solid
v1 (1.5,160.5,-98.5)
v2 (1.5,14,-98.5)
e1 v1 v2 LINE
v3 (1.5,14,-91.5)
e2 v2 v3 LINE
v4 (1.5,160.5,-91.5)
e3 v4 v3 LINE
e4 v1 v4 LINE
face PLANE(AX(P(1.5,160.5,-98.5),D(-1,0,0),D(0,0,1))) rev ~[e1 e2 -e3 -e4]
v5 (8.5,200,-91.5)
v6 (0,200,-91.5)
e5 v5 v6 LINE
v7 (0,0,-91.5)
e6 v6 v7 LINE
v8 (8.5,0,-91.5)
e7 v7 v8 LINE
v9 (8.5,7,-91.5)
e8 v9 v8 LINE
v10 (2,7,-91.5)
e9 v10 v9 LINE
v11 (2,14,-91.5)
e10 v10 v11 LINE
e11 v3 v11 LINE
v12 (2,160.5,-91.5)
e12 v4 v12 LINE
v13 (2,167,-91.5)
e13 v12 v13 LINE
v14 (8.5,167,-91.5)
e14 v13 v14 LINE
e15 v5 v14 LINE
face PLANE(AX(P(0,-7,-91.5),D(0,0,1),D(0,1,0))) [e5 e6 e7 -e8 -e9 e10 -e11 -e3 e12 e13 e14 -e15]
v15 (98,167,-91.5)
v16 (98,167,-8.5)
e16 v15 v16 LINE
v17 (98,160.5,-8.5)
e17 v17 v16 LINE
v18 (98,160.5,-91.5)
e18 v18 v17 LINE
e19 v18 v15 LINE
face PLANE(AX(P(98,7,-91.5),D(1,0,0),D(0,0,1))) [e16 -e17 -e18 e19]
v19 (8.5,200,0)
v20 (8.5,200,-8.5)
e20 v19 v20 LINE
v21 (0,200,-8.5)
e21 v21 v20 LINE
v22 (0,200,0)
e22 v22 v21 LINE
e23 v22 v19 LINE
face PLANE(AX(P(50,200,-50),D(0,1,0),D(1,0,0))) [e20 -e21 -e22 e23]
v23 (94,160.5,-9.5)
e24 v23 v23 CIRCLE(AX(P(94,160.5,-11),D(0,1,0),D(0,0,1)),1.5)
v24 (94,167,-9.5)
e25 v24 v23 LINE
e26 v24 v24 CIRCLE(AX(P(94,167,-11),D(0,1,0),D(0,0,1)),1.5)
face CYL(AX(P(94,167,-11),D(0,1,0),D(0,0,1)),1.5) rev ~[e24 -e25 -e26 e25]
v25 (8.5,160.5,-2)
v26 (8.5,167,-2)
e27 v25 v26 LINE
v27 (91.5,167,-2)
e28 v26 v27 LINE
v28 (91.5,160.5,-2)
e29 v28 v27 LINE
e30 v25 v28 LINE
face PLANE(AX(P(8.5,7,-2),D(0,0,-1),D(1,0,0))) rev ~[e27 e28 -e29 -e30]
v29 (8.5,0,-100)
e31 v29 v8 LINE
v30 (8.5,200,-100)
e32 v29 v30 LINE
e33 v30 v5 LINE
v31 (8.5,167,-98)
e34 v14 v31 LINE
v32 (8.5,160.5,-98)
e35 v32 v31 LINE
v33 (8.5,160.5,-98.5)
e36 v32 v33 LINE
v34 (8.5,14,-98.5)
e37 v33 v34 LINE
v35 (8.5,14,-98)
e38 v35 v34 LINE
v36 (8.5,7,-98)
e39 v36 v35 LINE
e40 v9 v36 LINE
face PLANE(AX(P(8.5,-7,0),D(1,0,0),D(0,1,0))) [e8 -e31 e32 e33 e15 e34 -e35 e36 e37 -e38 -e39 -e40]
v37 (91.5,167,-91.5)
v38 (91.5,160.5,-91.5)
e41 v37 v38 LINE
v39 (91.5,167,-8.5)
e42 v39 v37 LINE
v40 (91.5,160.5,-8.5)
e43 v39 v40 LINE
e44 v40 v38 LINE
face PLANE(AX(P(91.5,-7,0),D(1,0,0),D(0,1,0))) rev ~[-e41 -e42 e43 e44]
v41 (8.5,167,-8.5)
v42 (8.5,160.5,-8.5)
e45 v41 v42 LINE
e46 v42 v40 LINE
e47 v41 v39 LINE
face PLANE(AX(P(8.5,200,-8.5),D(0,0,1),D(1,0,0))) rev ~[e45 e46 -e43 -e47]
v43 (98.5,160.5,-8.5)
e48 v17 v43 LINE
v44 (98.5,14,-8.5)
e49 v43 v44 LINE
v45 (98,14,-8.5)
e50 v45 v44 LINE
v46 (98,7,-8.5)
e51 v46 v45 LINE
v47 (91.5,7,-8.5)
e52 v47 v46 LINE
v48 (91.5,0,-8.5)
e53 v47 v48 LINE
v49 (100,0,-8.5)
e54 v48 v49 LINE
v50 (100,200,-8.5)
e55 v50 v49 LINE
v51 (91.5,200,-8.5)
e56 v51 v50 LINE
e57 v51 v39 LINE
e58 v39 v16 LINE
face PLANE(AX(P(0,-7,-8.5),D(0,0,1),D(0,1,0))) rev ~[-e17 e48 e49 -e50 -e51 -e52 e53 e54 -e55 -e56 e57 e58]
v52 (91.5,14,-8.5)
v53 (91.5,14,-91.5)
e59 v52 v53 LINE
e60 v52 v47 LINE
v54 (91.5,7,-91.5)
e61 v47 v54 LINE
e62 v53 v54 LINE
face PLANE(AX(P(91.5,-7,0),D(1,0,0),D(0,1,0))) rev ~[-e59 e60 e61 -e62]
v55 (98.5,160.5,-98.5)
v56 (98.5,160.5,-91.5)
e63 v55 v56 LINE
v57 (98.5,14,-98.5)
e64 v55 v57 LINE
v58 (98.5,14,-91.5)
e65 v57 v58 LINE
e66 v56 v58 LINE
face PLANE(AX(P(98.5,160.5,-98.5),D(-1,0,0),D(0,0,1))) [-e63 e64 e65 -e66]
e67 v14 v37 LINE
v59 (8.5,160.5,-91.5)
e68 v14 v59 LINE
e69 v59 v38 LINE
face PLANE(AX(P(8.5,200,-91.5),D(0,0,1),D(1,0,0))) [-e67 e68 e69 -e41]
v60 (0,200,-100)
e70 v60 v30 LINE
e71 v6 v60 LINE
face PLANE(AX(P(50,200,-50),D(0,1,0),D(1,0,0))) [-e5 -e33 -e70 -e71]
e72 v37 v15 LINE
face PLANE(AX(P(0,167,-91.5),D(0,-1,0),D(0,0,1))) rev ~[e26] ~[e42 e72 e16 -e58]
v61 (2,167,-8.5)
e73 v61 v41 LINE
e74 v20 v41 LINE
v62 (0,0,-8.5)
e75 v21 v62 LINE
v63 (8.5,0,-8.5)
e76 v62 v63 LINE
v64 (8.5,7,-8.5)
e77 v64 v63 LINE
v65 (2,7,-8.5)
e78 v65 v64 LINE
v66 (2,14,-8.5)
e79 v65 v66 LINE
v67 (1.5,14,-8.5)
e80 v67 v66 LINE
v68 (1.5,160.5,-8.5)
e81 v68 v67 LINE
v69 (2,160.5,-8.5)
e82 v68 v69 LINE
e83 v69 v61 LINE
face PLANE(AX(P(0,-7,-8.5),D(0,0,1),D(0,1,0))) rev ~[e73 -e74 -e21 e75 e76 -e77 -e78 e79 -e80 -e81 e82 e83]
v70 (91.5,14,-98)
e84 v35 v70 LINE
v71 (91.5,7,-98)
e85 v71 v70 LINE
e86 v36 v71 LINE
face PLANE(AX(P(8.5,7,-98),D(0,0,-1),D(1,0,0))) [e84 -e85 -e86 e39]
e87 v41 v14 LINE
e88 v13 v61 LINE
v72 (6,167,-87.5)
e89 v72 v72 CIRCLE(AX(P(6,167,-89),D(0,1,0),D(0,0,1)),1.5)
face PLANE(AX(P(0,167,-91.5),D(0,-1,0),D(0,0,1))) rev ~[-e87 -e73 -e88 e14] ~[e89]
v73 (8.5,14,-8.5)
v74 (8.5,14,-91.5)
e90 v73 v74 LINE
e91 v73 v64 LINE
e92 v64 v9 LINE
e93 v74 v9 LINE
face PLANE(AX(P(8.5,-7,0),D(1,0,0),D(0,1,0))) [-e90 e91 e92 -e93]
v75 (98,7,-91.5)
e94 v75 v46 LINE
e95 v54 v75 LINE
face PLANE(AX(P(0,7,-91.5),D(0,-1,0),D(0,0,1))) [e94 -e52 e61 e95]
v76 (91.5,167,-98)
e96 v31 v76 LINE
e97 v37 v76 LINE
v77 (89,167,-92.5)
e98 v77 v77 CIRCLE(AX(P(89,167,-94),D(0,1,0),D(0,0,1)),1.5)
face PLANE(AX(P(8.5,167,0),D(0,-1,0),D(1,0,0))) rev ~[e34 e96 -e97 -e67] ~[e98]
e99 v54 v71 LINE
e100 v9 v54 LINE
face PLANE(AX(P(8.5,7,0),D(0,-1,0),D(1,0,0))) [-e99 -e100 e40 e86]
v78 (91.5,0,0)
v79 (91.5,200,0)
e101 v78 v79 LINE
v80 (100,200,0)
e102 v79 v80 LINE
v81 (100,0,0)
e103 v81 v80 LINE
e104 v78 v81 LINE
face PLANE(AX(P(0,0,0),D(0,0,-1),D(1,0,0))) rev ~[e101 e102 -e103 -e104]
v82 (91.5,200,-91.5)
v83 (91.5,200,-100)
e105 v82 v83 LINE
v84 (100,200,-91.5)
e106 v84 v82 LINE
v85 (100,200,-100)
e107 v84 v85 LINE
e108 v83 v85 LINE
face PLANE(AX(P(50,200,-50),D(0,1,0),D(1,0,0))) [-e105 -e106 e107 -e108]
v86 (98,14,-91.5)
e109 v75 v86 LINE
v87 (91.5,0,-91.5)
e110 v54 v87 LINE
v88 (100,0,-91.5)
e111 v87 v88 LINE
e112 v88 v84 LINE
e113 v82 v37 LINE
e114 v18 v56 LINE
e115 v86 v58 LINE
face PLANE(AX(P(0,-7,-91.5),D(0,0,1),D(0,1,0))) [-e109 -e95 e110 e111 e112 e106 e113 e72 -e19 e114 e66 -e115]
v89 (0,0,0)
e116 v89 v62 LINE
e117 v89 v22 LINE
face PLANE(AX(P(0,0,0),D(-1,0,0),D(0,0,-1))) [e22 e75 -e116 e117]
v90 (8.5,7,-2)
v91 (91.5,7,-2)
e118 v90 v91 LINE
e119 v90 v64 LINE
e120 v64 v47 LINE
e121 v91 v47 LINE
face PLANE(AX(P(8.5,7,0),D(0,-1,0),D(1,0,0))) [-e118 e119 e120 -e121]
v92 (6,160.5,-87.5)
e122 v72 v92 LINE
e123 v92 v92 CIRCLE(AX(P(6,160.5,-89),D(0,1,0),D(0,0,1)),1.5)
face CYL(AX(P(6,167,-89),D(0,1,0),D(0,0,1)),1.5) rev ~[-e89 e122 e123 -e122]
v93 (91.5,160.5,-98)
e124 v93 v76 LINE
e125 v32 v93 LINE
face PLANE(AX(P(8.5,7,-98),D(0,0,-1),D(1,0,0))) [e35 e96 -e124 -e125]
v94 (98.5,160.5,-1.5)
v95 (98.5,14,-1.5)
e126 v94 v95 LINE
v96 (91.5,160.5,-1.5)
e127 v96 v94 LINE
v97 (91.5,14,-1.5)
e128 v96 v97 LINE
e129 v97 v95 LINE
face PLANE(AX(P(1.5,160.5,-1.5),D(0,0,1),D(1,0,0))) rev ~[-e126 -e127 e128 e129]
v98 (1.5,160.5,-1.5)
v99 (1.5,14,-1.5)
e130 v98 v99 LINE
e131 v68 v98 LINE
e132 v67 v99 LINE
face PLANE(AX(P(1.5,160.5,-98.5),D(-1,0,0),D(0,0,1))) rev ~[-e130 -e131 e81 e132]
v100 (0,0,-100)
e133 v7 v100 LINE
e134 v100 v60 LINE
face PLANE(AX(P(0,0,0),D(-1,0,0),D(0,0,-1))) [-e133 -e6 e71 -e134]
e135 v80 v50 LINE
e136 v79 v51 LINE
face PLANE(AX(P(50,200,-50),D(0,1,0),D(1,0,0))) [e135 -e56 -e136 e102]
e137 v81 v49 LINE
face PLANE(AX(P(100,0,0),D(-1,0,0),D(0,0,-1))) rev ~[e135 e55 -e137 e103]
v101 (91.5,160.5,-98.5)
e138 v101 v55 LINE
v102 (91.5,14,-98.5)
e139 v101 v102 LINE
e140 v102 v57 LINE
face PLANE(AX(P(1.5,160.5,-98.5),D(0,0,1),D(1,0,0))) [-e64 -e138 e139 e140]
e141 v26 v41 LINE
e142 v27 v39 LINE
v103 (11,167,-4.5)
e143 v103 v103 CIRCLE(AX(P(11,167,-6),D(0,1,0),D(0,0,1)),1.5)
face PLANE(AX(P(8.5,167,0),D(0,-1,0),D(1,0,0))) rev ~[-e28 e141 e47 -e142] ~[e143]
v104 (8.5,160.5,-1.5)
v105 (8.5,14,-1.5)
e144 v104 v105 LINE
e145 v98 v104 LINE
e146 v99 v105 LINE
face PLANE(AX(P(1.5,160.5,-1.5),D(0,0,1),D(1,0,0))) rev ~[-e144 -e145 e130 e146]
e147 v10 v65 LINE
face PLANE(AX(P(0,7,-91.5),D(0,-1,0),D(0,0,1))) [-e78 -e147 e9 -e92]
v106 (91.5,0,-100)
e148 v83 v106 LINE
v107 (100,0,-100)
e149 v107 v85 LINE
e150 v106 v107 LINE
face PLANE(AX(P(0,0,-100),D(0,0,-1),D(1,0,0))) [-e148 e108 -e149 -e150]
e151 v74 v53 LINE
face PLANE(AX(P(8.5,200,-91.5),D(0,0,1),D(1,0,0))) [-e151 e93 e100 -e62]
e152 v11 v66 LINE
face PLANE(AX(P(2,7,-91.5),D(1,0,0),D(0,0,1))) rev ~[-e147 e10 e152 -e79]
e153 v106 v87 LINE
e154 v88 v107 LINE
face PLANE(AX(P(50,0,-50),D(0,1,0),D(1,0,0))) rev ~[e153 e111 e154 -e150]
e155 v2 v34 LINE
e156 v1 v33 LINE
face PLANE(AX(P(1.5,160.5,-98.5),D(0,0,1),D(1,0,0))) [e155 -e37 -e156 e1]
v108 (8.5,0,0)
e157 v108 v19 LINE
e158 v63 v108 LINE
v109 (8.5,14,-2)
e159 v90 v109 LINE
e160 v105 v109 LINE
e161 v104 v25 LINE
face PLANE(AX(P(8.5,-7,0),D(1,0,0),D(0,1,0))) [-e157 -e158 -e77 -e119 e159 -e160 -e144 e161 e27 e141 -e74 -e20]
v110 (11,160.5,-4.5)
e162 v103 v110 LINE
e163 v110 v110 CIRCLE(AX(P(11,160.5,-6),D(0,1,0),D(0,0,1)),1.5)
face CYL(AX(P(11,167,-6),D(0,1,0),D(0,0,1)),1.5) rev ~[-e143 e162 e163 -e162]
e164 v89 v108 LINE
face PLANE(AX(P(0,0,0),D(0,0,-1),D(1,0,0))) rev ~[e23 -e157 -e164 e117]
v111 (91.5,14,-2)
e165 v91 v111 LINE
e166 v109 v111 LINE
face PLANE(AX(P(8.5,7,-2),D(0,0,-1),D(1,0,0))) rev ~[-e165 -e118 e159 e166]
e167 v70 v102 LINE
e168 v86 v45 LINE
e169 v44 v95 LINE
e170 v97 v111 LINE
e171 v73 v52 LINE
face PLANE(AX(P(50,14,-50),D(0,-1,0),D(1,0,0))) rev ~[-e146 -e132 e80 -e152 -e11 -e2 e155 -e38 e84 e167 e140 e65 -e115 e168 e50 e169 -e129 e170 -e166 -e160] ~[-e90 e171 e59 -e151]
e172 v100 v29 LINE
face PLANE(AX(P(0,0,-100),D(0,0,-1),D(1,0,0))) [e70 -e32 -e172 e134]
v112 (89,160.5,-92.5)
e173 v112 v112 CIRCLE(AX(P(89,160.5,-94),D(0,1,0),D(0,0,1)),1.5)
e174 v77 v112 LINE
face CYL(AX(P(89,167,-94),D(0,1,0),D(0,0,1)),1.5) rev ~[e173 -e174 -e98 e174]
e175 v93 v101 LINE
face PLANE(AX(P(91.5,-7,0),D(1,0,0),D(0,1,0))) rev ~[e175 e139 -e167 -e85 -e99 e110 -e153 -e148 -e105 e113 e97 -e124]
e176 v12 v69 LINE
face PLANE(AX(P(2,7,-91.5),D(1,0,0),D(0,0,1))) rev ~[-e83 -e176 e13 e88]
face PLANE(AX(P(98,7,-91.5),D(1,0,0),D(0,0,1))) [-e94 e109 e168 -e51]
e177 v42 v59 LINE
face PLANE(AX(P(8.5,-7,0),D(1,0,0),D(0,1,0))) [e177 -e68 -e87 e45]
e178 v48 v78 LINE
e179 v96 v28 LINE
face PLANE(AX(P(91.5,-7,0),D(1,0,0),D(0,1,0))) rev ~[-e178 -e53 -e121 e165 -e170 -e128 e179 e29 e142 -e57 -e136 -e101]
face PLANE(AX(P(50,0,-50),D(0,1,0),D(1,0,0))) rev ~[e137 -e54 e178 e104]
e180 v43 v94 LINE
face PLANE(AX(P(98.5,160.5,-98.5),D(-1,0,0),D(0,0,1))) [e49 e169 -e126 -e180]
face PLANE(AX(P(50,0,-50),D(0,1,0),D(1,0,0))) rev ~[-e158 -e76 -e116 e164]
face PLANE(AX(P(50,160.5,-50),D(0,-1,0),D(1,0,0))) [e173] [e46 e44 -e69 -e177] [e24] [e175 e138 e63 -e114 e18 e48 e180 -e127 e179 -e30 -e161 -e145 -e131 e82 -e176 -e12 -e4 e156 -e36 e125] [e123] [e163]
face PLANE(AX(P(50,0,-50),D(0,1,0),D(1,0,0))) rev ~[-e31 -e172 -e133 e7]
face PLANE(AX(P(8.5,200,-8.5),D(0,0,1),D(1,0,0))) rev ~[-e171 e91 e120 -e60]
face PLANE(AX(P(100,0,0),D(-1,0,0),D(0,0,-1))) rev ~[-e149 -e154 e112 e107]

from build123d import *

# Parameters (mm, degrees)
SKETCH1_W           = 100
SKETCH1_H           = 100
BOSS_EXTRUDE1_DEPTH = 200
SKETCH2_W           = 83
SKETCH2_H           = 83
CUT_EXTRUDE1_DEPTH  = 200
SKETCH3_W           = 83
SKETCH3_H           = 14
SKETCH3_H_2         = 146.5
SKETCH3_H_3         = 66
CUT_EXTRUDE2_DEPTH  = 200
SKETCH4_W           = 83
SKETCH4_H           = 14
SKETCH4_H_2         = 146.5
SKETCH4_H_3         = 66
CUT_EXTRUDE3_DEPTH  = 200
SKETCH5_W           = 83
SKETCH5_H           = 4
SKETCH5_W_2         = 4
SKETCH5_H_2         = 83
CUT_EXTRUDE4_DEPTH  = 200
SKETCH8_W           = 97
SKETCH8_H           = 97
CUT_EXTRUDE5_DEPTH  = 146.5
CUT_EXTRUDE6_REACH  = 220.836
SKETCH9_R           = 1.5


with BuildPart() as part:
    # Sketch1 → Boss-Extrude1 (new body)
    with BuildSketch(Plane(origin=(0, 0, 0), x_dir=(1, 0, 0), z_dir=(0, 1, 0))):
        with Locations((50, 50)):
            Rectangle(SKETCH1_W, SKETCH1_H)
    extrude(amount=BOSS_EXTRUDE1_DEPTH)

    # Sketch2 → Cut-Extrude1 (cut)
    with BuildSketch(Plane(origin=(0, 200, 0), x_dir=(1, 0, 0), z_dir=(0, 1, 0))):
        with Locations((50, 50)):
            Rectangle(SKETCH2_W, SKETCH2_H)
    extrude(amount=-CUT_EXTRUDE1_DEPTH, mode=Mode.SUBTRACT)

    # Sketch3 → Cut-Extrude2 (cut)
    with BuildSketch(Plane.XY):
        with Locations((50, 0)):
            Rectangle(SKETCH3_W, SKETCH3_H)
        with Locations((50, 87.25)):
            Rectangle(SKETCH3_W, SKETCH3_H_2)
        with Locations((50, 200)):
            Rectangle(SKETCH3_W, SKETCH3_H_3)
    extrude(amount=-CUT_EXTRUDE2_DEPTH, mode=Mode.SUBTRACT)

    # Sketch4 → Cut-Extrude3 (cut)
    with BuildSketch(Plane.ZY):
        with Locations((-50, 0)):
            Rectangle(SKETCH4_W, SKETCH4_H)
        with Locations((-50, 87.25)):
            Rectangle(SKETCH4_W, SKETCH4_H_2)
        with Locations((-50, 200)):
            Rectangle(SKETCH4_W, SKETCH4_H_3)
    extrude(amount=-CUT_EXTRUDE3_DEPTH, mode=Mode.SUBTRACT)

    # Sketch5 → Cut-Extrude4 (cut)
    with BuildSketch(Plane.XZ.offset(-7)):
        with Locations((50, 0)):
            Rectangle(SKETCH5_W, SKETCH5_H)
        with Locations((100, -50)):
            Rectangle(SKETCH5_W_2, SKETCH5_H_2)
        with Locations((50, -100)):
            Rectangle(SKETCH5_W, SKETCH5_H)
        with Locations((0, -50)):
            Rectangle(SKETCH5_W_2, SKETCH5_H_2)
    extrude(amount=-CUT_EXTRUDE4_DEPTH, mode=Mode.SUBTRACT)

    # Sketch8 → Cut-Extrude5 (cut)
    with BuildSketch(Plane.XZ.offset(-160.5)):
        with Locations((50, -50)):
            Rectangle(SKETCH8_W, SKETCH8_H)
    extrude(amount=CUT_EXTRUDE5_DEPTH, mode=Mode.SUBTRACT)

    # Sketch9 → Cut-Extrude6 (cut, up to next)
    with BuildSketch(Plane(origin=(0, 167, 0), x_dir=(1, 0, 0), z_dir=(0, 1, 0)), mode=Mode.PRIVATE) as cut_extrude6_sk1:
        with Locations(Location((6, 89, 0), (0, 0, 270))):
            Circle(SKETCH9_R)
    cut_extrude6_tool1 = extrude(cut_extrude6_sk1.sketch, amount=-CUT_EXTRUDE6_REACH, mode=Mode.PRIVATE) & part.part
    # Sketch9 → Cut-Extrude6 (cut, up to next)
    with BuildSketch(Plane(origin=(0, 167, 0), x_dir=(1, 0, 0), z_dir=(0, 1, 0)), mode=Mode.PRIVATE) as cut_extrude6_sk2:
        with Locations(Location((89, 94, 0), (0, 0, 270))):
            Circle(SKETCH9_R)
    cut_extrude6_tool2 = extrude(cut_extrude6_sk2.sketch, amount=-CUT_EXTRUDE6_REACH, mode=Mode.PRIVATE) & part.part
    # Sketch9 → Cut-Extrude6 (cut, up to next)
    with BuildSketch(Plane(origin=(0, 167, 0), x_dir=(1, 0, 0), z_dir=(0, 1, 0)), mode=Mode.PRIVATE) as cut_extrude6_sk3:
        with Locations(Location((94, 11, 0), (0, 0, 270))):
            Circle(SKETCH9_R)
    cut_extrude6_tool3 = extrude(cut_extrude6_sk3.sketch, amount=-CUT_EXTRUDE6_REACH, mode=Mode.PRIVATE) & part.part
    # Sketch9 → Cut-Extrude6 (cut, up to next)
    with BuildSketch(Plane(origin=(0, 167, 0), x_dir=(1, 0, 0), z_dir=(0, 1, 0)), mode=Mode.PRIVATE) as cut_extrude6_sk4:
        with Locations(Location((11, 6, 0), (0, 0, 270))):
            Circle(SKETCH9_R)
    cut_extrude6_tool4 = extrude(cut_extrude6_sk4.sketch, amount=-CUT_EXTRUDE6_REACH, mode=Mode.PRIVATE) & part.part
    add(cut_extrude6_tool1.solids().sort_by_distance((6, 167, -89))[0], mode=Mode.SUBTRACT)
    add(cut_extrude6_tool2.solids().sort_by_distance((89, 167, -94))[0], mode=Mode.SUBTRACT)
    add(cut_extrude6_tool3.solids().sort_by_distance((94, 167, -11))[0], mode=Mode.SUBTRACT)
    add(cut_extrude6_tool4.solids().sort_by_distance((11, 167, -6))[0], mode=Mode.SUBTRACT)


solid = part.part
